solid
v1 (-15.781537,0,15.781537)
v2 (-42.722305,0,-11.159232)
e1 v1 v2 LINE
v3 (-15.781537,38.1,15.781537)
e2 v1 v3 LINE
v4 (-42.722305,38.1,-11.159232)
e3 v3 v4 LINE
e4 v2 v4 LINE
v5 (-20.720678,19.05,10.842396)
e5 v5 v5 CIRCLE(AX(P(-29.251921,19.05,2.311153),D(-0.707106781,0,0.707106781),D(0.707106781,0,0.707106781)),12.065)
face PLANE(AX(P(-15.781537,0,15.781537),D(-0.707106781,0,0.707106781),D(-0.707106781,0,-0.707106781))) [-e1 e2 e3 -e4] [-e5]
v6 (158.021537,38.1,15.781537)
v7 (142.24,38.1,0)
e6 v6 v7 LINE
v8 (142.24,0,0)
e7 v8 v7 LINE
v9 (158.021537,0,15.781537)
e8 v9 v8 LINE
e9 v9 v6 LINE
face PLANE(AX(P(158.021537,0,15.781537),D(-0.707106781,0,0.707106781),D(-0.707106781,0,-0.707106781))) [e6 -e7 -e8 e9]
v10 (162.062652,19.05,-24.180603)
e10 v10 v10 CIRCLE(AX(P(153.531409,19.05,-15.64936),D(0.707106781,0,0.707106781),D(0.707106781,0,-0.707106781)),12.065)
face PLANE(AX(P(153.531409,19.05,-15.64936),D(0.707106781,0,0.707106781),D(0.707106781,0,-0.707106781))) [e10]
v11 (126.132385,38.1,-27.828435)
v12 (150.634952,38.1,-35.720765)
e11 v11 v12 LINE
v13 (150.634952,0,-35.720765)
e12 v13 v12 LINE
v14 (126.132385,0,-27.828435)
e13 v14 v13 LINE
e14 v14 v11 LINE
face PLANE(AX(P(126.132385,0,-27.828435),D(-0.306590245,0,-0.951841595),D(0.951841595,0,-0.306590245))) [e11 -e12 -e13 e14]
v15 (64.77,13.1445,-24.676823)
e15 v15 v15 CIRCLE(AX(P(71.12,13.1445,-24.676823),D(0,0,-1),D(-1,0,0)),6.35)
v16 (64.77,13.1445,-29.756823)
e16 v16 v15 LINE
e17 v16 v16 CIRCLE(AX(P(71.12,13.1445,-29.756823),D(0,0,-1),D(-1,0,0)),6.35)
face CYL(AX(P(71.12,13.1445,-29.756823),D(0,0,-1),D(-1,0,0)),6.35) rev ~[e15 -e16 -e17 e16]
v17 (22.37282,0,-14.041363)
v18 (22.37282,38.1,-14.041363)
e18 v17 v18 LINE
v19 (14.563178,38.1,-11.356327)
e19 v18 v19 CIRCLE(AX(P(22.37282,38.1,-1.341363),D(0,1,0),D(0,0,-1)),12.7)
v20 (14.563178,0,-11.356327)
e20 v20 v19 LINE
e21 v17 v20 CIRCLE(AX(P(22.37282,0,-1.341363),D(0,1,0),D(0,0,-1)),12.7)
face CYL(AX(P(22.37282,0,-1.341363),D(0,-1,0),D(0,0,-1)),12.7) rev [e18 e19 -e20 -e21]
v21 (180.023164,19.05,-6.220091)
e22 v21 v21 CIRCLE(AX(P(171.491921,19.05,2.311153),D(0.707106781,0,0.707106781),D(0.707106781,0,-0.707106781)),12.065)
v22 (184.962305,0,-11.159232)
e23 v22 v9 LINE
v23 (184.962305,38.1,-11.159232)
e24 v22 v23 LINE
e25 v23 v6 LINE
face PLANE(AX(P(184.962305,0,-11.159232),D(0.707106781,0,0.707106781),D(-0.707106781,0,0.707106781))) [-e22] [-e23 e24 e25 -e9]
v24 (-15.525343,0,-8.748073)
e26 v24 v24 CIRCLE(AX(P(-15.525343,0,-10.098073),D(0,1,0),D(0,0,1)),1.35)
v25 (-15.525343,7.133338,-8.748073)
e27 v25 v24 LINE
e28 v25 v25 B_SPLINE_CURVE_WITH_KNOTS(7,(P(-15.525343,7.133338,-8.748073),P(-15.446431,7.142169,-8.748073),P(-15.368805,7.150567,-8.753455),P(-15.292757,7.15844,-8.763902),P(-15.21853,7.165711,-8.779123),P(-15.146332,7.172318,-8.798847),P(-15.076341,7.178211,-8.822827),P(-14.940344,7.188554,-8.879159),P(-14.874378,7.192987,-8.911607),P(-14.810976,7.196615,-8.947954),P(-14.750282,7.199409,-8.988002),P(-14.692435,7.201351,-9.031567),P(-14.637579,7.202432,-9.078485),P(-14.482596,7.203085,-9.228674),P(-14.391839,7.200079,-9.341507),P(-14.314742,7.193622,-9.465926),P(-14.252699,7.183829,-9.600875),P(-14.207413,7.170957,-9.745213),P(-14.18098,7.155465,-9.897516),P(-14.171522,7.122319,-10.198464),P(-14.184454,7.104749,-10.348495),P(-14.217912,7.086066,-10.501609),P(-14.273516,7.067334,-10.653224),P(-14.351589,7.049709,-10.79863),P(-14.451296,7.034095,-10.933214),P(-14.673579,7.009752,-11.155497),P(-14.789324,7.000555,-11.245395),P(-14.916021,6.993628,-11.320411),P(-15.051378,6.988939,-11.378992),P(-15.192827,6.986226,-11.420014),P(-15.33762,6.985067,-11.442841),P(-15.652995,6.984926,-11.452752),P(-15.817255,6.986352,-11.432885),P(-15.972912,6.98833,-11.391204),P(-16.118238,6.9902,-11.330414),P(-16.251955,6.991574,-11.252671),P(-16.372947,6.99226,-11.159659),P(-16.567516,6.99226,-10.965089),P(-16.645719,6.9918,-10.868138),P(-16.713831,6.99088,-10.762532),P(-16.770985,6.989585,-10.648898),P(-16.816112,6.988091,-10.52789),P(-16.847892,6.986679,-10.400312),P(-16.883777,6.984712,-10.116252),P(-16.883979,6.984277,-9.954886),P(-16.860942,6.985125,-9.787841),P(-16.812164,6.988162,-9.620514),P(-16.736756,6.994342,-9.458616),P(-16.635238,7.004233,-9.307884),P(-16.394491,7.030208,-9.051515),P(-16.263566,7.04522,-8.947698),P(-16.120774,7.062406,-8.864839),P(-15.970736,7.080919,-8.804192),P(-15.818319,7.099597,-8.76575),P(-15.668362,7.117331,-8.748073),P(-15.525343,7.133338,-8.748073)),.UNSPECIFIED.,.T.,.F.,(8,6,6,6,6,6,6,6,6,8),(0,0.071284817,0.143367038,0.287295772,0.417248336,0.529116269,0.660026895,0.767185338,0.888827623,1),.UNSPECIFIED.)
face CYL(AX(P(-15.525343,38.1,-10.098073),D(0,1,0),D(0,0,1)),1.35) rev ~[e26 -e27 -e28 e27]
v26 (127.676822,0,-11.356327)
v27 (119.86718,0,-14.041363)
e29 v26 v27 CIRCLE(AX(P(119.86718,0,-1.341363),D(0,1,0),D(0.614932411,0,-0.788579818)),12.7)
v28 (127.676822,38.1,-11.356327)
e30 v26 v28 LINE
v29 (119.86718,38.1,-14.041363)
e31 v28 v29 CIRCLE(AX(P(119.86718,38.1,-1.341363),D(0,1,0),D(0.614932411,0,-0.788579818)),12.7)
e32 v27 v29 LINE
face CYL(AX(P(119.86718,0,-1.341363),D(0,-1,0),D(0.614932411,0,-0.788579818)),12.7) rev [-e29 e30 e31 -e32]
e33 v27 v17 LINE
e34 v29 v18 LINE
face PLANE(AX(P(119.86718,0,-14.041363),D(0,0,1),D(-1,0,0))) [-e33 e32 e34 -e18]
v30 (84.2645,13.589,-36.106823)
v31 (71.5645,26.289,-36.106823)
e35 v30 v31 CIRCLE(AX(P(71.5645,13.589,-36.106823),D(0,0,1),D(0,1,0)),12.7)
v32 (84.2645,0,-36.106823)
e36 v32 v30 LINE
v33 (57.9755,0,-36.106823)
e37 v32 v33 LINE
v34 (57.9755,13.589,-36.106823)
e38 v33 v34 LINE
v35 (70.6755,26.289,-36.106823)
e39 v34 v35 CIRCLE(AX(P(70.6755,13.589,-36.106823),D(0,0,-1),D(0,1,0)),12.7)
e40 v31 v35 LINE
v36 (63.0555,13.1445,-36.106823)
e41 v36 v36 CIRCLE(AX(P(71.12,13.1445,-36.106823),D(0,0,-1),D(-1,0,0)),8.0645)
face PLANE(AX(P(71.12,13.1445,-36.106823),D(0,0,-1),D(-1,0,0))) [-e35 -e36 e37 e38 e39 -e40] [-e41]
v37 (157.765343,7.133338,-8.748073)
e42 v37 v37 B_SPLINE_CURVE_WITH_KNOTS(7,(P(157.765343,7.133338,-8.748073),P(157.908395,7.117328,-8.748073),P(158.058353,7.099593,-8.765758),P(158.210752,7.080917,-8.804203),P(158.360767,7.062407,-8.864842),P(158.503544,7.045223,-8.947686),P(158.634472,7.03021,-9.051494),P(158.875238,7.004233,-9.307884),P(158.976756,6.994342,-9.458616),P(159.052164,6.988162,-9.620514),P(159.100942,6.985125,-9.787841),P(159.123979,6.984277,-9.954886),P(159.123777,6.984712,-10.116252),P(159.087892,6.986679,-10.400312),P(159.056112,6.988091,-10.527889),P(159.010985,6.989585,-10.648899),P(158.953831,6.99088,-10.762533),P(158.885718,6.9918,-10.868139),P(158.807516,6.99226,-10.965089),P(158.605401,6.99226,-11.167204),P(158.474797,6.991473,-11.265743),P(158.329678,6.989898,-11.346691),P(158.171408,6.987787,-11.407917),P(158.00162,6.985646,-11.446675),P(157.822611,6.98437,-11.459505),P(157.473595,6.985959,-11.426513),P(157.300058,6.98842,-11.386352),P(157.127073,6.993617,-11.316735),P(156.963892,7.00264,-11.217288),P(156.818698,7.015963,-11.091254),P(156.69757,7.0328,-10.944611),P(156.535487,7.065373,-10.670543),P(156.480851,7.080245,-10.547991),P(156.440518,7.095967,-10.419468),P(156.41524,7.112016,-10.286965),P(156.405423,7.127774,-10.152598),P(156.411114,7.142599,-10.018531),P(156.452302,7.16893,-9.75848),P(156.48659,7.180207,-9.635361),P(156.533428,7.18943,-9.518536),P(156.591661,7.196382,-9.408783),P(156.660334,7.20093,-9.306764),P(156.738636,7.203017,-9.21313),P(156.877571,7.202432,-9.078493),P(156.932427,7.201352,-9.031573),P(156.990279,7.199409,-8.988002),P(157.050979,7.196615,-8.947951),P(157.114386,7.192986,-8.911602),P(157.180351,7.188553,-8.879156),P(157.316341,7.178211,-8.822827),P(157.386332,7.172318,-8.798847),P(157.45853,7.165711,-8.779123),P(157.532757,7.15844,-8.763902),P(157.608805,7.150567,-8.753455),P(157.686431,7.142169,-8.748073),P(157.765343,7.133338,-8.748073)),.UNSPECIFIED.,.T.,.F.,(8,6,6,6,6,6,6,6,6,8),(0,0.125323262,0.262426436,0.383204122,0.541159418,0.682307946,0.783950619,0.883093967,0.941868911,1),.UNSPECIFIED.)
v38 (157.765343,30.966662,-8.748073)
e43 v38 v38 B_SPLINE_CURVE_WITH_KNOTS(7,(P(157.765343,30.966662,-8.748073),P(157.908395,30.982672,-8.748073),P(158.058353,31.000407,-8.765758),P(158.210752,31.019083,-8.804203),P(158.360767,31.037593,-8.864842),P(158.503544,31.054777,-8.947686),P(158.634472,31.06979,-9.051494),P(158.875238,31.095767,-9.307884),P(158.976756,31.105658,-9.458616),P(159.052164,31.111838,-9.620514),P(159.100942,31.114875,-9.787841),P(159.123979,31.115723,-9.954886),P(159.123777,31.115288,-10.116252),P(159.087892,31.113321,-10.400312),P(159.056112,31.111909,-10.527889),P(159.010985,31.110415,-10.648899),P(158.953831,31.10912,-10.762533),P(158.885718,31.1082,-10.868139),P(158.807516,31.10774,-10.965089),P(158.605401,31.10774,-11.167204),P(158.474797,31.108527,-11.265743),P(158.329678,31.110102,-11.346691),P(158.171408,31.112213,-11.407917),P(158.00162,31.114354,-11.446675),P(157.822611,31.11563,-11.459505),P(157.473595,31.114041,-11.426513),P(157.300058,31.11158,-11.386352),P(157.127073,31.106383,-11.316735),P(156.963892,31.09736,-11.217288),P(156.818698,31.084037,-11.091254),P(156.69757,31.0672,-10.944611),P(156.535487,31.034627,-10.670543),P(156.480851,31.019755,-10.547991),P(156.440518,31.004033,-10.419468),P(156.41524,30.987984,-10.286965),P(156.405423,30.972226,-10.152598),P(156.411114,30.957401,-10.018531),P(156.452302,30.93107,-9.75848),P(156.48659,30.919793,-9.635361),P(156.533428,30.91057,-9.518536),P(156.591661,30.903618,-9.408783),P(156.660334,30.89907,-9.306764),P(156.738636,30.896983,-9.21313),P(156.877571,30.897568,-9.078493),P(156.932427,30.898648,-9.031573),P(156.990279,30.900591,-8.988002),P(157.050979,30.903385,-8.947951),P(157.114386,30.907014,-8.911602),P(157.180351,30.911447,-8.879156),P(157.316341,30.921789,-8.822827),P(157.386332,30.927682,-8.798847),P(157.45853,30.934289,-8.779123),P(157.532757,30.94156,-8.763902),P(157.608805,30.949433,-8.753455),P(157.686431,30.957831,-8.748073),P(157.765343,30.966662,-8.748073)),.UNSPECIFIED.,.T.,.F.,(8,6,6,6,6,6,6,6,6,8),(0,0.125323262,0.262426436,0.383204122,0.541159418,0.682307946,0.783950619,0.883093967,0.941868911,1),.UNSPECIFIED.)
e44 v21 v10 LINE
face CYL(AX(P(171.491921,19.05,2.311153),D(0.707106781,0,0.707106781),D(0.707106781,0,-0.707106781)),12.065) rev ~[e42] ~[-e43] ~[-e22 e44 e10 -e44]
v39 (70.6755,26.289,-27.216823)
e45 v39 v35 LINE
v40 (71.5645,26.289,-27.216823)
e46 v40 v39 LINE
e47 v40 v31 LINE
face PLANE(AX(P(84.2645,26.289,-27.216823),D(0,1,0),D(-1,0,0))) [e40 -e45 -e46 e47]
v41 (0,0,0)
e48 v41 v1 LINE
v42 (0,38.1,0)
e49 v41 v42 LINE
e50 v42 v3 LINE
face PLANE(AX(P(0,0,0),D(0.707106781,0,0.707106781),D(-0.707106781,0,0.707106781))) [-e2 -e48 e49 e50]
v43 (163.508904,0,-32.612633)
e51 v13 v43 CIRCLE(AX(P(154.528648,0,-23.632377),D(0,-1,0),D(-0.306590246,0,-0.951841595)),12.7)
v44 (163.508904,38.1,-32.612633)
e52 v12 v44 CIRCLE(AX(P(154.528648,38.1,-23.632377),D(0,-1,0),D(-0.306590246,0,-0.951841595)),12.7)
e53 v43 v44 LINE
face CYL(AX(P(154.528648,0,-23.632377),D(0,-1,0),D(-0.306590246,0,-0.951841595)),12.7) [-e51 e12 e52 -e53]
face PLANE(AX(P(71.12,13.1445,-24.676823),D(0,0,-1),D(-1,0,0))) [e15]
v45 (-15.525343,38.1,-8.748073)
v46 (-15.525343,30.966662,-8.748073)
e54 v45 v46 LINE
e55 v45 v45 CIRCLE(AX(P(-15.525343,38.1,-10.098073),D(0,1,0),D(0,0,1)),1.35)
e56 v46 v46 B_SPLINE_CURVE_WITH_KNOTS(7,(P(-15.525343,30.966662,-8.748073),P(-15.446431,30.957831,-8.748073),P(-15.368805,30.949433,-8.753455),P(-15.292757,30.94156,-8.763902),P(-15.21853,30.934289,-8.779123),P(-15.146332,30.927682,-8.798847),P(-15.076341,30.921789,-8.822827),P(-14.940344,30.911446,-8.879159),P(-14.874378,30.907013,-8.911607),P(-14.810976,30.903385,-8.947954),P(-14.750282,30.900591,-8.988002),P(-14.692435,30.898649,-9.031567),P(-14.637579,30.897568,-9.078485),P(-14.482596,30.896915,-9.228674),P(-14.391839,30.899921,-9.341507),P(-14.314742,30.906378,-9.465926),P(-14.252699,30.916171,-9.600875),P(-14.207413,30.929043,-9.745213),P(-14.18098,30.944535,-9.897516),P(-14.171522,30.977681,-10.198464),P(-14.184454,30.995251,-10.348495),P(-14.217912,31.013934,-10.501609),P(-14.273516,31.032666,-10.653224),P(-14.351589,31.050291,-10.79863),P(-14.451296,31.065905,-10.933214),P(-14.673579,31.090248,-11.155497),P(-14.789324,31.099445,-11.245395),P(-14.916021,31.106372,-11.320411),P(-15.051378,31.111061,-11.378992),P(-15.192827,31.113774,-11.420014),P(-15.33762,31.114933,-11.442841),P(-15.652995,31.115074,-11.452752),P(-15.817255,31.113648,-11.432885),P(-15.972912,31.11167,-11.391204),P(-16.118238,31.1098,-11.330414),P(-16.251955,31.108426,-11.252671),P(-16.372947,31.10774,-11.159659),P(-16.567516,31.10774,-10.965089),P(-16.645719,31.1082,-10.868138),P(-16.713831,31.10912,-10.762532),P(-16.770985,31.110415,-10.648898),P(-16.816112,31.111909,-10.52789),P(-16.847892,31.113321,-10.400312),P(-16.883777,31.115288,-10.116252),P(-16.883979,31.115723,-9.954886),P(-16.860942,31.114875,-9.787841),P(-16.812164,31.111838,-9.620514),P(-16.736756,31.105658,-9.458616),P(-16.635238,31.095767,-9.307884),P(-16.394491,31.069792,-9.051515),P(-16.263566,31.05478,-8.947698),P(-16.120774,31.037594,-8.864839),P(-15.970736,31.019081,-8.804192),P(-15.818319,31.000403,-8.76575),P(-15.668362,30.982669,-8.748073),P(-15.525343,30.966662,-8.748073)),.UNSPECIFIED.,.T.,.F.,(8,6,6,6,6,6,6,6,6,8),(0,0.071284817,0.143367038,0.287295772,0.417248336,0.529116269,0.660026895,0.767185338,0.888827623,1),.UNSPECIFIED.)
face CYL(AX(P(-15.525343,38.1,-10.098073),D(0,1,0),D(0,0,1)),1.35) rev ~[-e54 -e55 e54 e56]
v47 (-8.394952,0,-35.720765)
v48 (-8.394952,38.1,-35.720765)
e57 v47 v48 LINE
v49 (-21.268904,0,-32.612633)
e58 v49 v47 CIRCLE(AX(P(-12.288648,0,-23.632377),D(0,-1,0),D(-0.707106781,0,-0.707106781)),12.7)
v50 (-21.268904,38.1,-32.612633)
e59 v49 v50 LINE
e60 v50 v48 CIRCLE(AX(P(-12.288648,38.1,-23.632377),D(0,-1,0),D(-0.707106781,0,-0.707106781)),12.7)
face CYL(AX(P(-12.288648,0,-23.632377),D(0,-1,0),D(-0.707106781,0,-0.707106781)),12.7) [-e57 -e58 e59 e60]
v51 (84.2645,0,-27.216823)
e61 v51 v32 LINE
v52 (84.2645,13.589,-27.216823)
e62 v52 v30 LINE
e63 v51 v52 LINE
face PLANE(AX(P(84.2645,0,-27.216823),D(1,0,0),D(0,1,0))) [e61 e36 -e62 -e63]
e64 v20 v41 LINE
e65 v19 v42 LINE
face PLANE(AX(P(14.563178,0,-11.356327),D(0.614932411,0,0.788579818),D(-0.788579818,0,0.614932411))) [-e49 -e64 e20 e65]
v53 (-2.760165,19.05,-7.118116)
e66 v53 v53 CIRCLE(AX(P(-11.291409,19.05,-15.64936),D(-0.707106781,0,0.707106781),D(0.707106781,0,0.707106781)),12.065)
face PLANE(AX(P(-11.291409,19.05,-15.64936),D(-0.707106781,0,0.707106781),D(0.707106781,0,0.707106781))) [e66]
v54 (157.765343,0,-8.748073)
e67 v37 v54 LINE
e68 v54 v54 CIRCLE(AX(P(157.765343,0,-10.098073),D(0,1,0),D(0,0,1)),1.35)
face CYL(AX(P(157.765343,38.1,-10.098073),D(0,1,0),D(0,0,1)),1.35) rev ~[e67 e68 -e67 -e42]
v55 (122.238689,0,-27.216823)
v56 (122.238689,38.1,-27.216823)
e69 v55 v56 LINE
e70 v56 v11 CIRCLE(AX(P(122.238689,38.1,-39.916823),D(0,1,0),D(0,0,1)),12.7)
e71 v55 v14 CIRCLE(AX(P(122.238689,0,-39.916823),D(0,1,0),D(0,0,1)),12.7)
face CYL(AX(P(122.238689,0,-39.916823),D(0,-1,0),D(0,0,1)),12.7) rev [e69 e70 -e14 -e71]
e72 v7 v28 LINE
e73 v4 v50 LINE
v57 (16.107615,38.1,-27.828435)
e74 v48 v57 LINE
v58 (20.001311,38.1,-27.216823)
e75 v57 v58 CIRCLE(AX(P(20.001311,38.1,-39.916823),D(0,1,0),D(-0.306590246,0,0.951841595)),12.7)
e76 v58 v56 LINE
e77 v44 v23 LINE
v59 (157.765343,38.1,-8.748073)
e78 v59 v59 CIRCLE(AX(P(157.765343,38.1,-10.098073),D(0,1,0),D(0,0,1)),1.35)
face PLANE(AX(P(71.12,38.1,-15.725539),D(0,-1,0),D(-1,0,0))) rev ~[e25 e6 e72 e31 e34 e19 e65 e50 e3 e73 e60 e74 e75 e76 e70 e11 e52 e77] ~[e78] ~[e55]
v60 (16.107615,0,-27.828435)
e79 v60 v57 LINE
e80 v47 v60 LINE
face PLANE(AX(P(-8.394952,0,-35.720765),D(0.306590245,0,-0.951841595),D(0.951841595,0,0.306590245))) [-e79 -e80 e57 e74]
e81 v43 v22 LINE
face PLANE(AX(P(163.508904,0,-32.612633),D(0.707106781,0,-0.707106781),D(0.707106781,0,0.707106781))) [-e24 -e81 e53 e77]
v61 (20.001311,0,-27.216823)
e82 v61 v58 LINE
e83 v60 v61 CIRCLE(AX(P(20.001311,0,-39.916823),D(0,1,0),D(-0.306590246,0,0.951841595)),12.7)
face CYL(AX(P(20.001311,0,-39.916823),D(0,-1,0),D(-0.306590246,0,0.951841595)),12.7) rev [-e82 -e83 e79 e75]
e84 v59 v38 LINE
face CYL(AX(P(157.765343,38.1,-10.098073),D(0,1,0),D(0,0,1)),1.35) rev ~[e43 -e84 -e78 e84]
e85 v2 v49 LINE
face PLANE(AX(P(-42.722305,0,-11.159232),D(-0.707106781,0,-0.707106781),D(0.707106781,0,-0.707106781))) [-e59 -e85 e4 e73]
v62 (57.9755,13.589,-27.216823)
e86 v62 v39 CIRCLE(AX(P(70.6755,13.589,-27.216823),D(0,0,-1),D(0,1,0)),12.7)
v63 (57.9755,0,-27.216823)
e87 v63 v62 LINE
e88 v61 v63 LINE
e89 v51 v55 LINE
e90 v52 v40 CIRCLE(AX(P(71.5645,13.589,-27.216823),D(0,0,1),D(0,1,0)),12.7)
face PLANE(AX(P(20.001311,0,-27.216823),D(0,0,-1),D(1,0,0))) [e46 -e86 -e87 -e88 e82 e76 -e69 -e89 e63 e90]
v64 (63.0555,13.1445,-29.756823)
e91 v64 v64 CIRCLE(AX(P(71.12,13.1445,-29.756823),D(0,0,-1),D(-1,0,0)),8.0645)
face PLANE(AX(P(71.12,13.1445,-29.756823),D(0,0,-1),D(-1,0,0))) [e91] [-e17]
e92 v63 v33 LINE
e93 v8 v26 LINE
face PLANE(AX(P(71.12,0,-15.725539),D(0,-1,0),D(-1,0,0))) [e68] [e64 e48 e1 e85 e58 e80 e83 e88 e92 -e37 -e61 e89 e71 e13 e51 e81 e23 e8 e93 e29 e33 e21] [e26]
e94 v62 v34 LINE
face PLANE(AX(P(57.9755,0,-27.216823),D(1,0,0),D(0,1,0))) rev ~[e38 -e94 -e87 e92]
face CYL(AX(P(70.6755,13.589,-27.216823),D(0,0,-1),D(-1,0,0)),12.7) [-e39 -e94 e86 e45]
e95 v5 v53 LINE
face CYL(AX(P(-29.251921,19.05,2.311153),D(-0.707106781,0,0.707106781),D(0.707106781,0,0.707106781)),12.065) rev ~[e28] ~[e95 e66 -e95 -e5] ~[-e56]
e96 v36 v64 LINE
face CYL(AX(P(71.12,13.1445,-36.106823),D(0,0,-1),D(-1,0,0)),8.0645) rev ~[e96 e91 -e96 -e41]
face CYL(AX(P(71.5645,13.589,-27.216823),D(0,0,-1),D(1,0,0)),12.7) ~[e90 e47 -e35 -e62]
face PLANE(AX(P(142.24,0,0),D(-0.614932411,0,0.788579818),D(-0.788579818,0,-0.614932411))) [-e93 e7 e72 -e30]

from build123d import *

# Parameters (mm, degrees)
BOSS_EXTRUDE1_DEPTH = 38.1
SKETCH2_R           = 12.065
CUT_EXTRUDE1_DEPTH  = 25.4
SKETCH7_R           = 12.065
CUT_EXTRUDE2_DEPTH  = 25.4
SKETCH9_W           = 26.289
SKETCH9_H           = 26.289
BOSS_EXTRUDE3_DEPTH = 8.89
SKETCH10_R          = 8.0645
CUT_EXTRUDE3_DEPTH  = 6.35
SKETCH12_R          = 6.35
CUT_EXTRUDE5_DEPTH  = 5.08
FILLET1_R           = 12.7
SKETCH13_R          = 1.35
CUT_EXTRUDE6_DEPTH  = 51.816


with BuildPart() as part:
    # Sketch1 → Boss-Extrude1 (new body)
    with BuildSketch(Plane(origin=(0, 0, 0), x_dir=(1, 0, 0), z_dir=(0, 1, 0))):
        with BuildLine():
            Line((-8.394951703, 35.720764917), (16.107614613, 27.828435078))
            ThreePointArc((16.107614613, 27.828435078), (18.03059142, 27.370657964), (20.001310729, 27.216823331))
            Line((20.001310729, 27.216823331), (122.238689271, 27.216823331))
            ThreePointArc((122.238689271, 27.216823331), (124.20940858, 27.370657964), (126.132385387, 27.828435078))
            Line((126.132385387, 27.828435078), (150.634951703, 35.720764917))
            ThreePointArc((150.634951703, 35.720764917), (157.509150211, 35.977683688), (163.508903941, 32.612632786))
            Line((163.508903941, 32.612632786), (184.96230509, 11.159231637))
            Line((184.96230509, 11.159231637), (158.021536726, -15.781536726))
            Line((158.021536726, -15.781536726), (142.24, 0))
            Line((142.24, 0), (127.676821583, 11.356327171))
            ThreePointArc((127.676821583, 11.356327171), (123.996342172, 13.351360126), (119.867179962, 14.041363479))
            Line((119.867179962, 14.041363479), (22.372820038, 14.041363479))
            ThreePointArc((22.372820038, 14.041363479), (18.243657828, 13.351360126), (14.563178417, 11.356327171))
            Line((14.563178417, 11.356327171), (0, 0))
            Line((0, 0), (-15.781536726, -15.781536726))
            Line((-15.781536726, -15.781536726), (-42.72230509, 11.159231637))
            Line((-42.72230509, 11.159231637), (-21.268903941, 32.612632786))
            ThreePointArc((-21.268903941, 32.612632786), (-15.269150211, 35.977683688), (-8.394951703, 35.720764917))
        make_face()
    extrude(amount=BOSS_EXTRUDE1_DEPTH)

    # Sketch2 → Cut-Extrude1 (cut)
    with BuildSketch(Plane(origin=(-15.781536726, 0, 15.781536726), x_dir=(0.7071067811865477, 0, 0.7071067811865475), z_dir=(-0.7071067811865475, 0, 0.7071067811865477))):
        with Locations((-19.05, 19.05)):
            Circle(SKETCH2_R)
    extrude(amount=-CUT_EXTRUDE1_DEPTH, mode=Mode.SUBTRACT)

    # Sketch7 → Cut-Extrude2 (cut)
    with BuildSketch(Plane(origin=(86.901536726, 0, 86.901536726), x_dir=(0.7071067811865472, 0, -0.7071067811865478), z_dir=(0.7071067811865478, 0, 0.7071067811865472))):
        with Locations((119.628868556, 19.05)):
            Circle(SKETCH7_R)
    extrude(amount=-CUT_EXTRUDE2_DEPTH, mode=Mode.SUBTRACT)

    # Sketch9 → Boss-Extrude3 (add)
    with BuildSketch(Plane(origin=(0, 0, -27.216823331), x_dir=(-1, 0, 0), z_dir=(0, 0, -1))):
        with Locations((-71.12, 13.1445)):
            Rectangle(SKETCH9_W, SKETCH9_H)
    extrude(amount=BOSS_EXTRUDE3_DEPTH)

    # Sketch10 → Cut-Extrude3 (cut)
    with BuildSketch(Plane(origin=(0, 0, -36.106823331), x_dir=(-1, 0, 0), z_dir=(0, 0, -1))):
        with Locations((-71.12, 13.1445)):
            Circle(SKETCH10_R)
    extrude(amount=-CUT_EXTRUDE3_DEPTH, mode=Mode.SUBTRACT)

    # Sketch12 → Cut-Extrude5 (cut)
    with BuildSketch(Plane(origin=(0, 0, -29.756823331), x_dir=(-1, 0, 0), z_dir=(0, 0, -1))):
        with Locations((-71.12, 13.1445)):
            Circle(SKETCH12_R)
    extrude(amount=-CUT_EXTRUDE5_DEPTH, mode=Mode.SUBTRACT)

    # Fillet1
    fillet1_edges = [part.edges().sort_by_distance(p)[0] for p in [
        (57.9755, 26.289, -31.661823331),
        (84.2645, 26.289, -31.661823331),
    ]]
    fillet(fillet1_edges, radius=FILLET1_R)

    # Sketch13 → Cut-Extrude6 (cut)
    with BuildSketch(Plane(origin=(0, 38.1, 0), x_dir=(1, 0, 0), z_dir=(0, 1, 0))):
        with Locations(Location((-15.525343469, 10.098073481, 0), (0, 0, 270))):
            Circle(SKETCH13_R)
        with Locations(Location((157.765343469, 10.098073481, 0), (0, 0, 270))):
            Circle(SKETCH13_R)
    extrude(amount=-CUT_EXTRUDE6_DEPTH, mode=Mode.SUBTRACT)


solid = part.part
